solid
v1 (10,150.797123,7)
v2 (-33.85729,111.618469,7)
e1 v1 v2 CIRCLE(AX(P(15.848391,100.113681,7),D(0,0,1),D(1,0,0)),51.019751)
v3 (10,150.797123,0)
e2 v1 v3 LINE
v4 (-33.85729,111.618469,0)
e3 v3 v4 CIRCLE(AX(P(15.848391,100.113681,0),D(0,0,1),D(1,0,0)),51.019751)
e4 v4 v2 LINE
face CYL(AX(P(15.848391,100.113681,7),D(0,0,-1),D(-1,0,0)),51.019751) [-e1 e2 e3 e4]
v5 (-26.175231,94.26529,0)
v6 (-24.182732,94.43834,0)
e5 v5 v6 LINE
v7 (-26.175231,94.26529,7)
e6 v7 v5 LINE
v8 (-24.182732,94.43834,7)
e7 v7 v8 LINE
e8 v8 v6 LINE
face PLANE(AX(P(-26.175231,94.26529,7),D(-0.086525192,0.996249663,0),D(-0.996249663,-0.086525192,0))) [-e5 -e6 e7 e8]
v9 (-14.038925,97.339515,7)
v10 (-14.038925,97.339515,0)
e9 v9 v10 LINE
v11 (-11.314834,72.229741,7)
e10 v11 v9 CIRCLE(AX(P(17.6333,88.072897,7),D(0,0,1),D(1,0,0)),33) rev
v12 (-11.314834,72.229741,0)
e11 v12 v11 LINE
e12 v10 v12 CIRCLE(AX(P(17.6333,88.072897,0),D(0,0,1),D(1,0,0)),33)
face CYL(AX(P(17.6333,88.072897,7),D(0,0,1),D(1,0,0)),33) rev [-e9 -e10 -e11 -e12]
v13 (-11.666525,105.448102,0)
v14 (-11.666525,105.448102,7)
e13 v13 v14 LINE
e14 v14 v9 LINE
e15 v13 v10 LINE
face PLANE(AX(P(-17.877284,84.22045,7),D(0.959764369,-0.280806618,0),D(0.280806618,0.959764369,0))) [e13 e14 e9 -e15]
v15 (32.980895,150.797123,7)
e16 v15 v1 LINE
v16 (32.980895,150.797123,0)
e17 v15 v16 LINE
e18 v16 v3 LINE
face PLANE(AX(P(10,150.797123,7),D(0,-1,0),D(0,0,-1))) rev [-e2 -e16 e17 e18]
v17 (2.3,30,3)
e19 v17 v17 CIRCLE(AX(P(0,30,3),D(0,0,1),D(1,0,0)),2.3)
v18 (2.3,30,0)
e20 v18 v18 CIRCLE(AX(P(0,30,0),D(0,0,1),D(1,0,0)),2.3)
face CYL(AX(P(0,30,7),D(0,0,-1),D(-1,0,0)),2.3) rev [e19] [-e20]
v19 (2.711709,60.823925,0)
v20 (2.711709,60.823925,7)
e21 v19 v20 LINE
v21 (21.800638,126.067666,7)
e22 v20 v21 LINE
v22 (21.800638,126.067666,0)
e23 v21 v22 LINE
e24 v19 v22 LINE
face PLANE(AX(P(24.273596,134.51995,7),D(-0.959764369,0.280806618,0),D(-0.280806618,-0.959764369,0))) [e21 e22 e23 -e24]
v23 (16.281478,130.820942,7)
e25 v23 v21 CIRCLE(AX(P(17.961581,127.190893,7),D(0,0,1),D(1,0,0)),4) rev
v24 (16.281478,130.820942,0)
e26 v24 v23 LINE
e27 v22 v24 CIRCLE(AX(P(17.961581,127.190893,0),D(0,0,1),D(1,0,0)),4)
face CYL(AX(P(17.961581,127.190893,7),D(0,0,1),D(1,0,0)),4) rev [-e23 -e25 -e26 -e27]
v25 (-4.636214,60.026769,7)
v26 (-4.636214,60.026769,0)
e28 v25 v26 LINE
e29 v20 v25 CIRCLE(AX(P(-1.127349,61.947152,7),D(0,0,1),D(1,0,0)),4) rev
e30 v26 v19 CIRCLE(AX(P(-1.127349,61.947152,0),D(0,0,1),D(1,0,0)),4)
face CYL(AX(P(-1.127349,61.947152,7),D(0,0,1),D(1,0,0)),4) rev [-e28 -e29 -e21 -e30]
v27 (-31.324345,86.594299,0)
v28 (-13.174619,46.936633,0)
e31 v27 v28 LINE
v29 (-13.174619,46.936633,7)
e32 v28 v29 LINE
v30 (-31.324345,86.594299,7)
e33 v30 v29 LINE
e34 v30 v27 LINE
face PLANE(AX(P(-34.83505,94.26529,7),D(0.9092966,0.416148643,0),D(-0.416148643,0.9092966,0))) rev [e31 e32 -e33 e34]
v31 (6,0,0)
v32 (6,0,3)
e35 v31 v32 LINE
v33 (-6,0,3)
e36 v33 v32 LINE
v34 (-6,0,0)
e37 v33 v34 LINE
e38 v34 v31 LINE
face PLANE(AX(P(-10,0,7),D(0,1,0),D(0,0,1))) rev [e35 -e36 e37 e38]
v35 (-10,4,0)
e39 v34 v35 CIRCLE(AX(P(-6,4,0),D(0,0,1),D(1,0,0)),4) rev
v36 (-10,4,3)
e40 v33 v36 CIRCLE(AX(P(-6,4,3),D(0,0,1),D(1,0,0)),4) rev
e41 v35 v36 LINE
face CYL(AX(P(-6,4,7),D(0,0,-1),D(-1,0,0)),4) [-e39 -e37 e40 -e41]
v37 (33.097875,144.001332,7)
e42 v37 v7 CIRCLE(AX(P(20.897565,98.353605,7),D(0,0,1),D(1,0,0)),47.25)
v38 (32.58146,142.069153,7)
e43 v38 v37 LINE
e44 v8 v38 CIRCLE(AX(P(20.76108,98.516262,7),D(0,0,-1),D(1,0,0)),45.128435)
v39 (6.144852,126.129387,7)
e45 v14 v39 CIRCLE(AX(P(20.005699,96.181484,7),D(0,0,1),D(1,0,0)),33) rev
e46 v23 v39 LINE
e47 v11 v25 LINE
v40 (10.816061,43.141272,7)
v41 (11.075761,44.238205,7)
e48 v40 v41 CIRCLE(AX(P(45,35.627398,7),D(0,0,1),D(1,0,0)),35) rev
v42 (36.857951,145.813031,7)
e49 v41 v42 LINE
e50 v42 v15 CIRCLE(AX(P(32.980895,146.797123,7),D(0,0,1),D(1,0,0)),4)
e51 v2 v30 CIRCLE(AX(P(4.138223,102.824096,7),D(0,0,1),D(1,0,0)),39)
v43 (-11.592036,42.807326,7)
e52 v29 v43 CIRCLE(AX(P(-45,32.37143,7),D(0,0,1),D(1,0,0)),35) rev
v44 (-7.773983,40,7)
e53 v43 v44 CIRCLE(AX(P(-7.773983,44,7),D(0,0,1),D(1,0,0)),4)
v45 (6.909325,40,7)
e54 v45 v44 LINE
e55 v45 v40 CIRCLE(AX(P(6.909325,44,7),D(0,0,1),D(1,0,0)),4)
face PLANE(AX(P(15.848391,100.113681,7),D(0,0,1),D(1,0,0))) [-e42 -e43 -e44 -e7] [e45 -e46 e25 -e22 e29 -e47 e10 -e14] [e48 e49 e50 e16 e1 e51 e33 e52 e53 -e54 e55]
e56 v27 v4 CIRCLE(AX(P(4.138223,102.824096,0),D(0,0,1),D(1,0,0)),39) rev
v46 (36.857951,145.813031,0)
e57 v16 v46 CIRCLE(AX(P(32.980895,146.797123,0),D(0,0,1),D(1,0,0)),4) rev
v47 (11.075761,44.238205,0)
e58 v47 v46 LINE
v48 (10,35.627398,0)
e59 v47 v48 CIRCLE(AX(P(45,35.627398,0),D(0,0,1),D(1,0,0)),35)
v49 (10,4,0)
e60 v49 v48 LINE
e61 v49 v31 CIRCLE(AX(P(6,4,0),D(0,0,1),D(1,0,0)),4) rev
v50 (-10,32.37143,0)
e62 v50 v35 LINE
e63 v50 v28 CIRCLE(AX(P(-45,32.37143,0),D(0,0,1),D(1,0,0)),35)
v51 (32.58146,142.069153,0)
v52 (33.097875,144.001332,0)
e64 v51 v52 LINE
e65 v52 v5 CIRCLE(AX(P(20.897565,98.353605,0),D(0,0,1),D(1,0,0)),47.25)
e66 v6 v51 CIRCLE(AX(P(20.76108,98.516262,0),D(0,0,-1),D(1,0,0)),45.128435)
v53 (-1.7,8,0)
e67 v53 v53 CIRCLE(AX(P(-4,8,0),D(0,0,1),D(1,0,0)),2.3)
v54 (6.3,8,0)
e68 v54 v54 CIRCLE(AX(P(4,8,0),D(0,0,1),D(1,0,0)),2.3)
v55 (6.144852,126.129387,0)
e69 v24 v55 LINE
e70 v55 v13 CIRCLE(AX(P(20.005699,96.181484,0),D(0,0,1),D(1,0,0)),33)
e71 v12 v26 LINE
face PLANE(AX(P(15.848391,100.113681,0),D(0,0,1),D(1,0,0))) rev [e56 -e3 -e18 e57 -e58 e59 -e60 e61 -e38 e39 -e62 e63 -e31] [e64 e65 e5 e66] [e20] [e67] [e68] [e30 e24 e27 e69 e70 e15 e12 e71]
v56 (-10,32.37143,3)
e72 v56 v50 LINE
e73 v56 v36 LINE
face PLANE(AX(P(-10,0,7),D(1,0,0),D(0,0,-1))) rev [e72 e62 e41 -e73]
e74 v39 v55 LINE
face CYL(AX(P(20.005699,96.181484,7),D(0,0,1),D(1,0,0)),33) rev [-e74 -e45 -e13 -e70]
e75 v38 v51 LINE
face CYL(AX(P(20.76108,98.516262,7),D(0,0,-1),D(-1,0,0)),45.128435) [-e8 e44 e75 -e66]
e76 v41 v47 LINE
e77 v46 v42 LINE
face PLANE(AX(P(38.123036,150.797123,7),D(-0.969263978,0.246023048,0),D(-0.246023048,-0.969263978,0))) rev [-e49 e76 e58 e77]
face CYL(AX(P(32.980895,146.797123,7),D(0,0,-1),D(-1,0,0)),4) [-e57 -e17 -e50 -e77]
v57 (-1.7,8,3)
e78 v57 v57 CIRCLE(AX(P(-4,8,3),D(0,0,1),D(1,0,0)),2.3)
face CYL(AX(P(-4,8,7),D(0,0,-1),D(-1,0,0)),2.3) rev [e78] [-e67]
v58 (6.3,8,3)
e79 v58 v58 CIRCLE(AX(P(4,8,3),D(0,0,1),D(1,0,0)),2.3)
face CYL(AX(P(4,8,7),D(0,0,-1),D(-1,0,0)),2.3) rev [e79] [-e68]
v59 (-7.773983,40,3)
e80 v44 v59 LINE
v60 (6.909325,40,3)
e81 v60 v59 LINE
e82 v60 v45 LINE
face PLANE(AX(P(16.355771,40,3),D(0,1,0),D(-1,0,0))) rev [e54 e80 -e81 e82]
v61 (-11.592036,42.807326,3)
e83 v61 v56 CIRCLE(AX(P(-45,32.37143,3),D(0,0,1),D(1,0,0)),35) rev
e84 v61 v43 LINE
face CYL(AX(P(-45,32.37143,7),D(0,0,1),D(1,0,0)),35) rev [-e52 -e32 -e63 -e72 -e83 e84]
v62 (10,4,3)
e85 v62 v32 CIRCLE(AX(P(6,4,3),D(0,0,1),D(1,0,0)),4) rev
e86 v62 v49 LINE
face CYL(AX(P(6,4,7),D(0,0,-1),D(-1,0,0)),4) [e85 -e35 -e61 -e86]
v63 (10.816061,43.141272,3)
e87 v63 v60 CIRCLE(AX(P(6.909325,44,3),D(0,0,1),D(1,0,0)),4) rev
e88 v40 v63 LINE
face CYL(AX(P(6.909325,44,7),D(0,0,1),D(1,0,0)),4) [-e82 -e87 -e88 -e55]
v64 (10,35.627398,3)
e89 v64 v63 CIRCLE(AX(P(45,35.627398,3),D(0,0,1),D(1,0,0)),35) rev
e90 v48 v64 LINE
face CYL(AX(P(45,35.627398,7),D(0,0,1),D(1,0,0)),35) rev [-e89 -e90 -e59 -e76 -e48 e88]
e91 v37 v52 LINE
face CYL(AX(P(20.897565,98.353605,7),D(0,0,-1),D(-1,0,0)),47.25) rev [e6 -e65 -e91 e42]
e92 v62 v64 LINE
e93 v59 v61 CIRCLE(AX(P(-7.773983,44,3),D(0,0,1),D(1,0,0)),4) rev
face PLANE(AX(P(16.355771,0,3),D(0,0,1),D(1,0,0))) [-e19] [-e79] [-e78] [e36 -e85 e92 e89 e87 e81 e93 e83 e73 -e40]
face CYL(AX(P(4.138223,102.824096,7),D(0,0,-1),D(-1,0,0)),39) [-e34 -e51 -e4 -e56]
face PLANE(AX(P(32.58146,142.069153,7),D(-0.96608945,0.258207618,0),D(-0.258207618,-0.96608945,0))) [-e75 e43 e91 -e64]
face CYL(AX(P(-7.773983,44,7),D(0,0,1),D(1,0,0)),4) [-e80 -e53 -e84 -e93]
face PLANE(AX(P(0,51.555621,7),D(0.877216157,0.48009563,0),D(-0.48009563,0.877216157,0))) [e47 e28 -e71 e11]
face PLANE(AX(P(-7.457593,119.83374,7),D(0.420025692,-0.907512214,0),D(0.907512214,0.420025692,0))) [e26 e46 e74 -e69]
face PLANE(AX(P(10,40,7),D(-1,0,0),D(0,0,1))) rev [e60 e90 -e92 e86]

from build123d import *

# Parameters (mm, degrees)
SKETCH1_R          = 2.3
EXTRUDE1_DEPTH     = 7
FILLET1_R          = 39
FILLET2_R          = 33
FILLET3_R          = 4
FILLET4_R          = 35
SKETCH2_W          = 32.945688526
SKETCH2_H          = 40
CUT_EXTRUDE1_DEPTH = 4
FILLET5_R          = 4


with BuildPart() as part:
    # Sketch1 → Extrude1 (new body)
    with BuildSketch(Plane.XY):
        with BuildLine():
            Line((-10, 0), (-10, 40))
            Line((-10, 40), (-34.835050164, 94.26528975))
            ThreePointArc((-34.835050164, 94.26528975), (-24.125651083, 131.816849255), (10, 150.797122912))
            Line((10, 150.797122912), (38.123036173, 150.797122912))
            Line((38.123036173, 150.797122912), (10, 40))
            Line((10, 40), (10, 0))
            Line((10, 0), (-10, 0))
        make_face()
        with Locations((0, 30)):
            Circle(SKETCH1_R, mode=Mode.SUBTRACT)
        with Locations((4, 8)):
            Circle(SKETCH1_R, mode=Mode.SUBTRACT)
        with Locations((-4, 8)):
            Circle(SKETCH1_R, mode=Mode.SUBTRACT)
        Polygon((24.273596224, 134.519949949), (0, 51.555620572), (-17.877283618, 84.220450394), (-7.457593377, 119.833740044), align=None, mode=Mode.SUBTRACT)
        with BuildLine():
            Line((32.581459881, 142.069152681), (33.097875117, 144.001331581))
            ThreePointArc((33.097875117, 144.001331581), (-9.474149394, 134.549204992), (-26.175231417, 94.26528975))
            Line((-26.175231417, 94.26528975), (-24.182732091, 94.438340134))
            ThreePointArc((-24.182732091, 94.438340134), (-8.246919268, 133.086649081), (32.581459881, 142.069152681))
        make_face(mode=Mode.SUBTRACT)
    extrude(amount=EXTRUDE1_DEPTH)

    # Fillet1
    fillet1_edges = [part.edges().sort_by_distance(p)[0] for p in [
        (-34.835050164, 94.26528975, 3.5),
    ]]
    fillet(fillet1_edges, radius=FILLET1_R)

    # Fillet2
    fillet2_edges = [part.edges().sort_by_distance(p)[0] for p in [
        (-7.457593377, 119.833740044, 3.5),
        (-17.877283618, 84.220450394, 3.5),
    ]]
    fillet(fillet2_edges, radius=FILLET2_R)

    # Fillet3
    fillet3_edges = [part.edges().sort_by_distance(p)[0] for p in [
        (10, 0, 3.5),
        (-10, 0, 3.5),
        (38.123036173, 150.797122912, 3.5),
        (24.273596224, 134.519949949, 3.5),
        (0, 51.555620572, 3.5),
    ]]
    fillet(fillet3_edges, radius=FILLET3_R)

    # Fillet4
    fillet4_edges = [part.edges().sort_by_distance(p)[0] for p in [
        (-10, 40, 3.5),
        (10, 40, 3.5),
    ]]
    fillet(fillet4_edges, radius=FILLET4_R)

    # Sketch2 → Cut-Extrude1 (cut)
    with BuildSketch(Plane.XY.offset(7)):
        with Locations((-0.117072908, 20)):
            Rectangle(SKETCH2_W, SKETCH2_H)
    extrude(amount=-CUT_EXTRUDE1_DEPTH, mode=Mode.SUBTRACT)

    # Fillet5
    fillet5_edges = [part.edges().sort_by_distance(p)[0] for p in [
        (10.274211948, 40, 5),
        (-10.841473657, 40, 5),
    ]]
    fillet(fillet5_edges, radius=FILLET5_R)


solid = part.part
